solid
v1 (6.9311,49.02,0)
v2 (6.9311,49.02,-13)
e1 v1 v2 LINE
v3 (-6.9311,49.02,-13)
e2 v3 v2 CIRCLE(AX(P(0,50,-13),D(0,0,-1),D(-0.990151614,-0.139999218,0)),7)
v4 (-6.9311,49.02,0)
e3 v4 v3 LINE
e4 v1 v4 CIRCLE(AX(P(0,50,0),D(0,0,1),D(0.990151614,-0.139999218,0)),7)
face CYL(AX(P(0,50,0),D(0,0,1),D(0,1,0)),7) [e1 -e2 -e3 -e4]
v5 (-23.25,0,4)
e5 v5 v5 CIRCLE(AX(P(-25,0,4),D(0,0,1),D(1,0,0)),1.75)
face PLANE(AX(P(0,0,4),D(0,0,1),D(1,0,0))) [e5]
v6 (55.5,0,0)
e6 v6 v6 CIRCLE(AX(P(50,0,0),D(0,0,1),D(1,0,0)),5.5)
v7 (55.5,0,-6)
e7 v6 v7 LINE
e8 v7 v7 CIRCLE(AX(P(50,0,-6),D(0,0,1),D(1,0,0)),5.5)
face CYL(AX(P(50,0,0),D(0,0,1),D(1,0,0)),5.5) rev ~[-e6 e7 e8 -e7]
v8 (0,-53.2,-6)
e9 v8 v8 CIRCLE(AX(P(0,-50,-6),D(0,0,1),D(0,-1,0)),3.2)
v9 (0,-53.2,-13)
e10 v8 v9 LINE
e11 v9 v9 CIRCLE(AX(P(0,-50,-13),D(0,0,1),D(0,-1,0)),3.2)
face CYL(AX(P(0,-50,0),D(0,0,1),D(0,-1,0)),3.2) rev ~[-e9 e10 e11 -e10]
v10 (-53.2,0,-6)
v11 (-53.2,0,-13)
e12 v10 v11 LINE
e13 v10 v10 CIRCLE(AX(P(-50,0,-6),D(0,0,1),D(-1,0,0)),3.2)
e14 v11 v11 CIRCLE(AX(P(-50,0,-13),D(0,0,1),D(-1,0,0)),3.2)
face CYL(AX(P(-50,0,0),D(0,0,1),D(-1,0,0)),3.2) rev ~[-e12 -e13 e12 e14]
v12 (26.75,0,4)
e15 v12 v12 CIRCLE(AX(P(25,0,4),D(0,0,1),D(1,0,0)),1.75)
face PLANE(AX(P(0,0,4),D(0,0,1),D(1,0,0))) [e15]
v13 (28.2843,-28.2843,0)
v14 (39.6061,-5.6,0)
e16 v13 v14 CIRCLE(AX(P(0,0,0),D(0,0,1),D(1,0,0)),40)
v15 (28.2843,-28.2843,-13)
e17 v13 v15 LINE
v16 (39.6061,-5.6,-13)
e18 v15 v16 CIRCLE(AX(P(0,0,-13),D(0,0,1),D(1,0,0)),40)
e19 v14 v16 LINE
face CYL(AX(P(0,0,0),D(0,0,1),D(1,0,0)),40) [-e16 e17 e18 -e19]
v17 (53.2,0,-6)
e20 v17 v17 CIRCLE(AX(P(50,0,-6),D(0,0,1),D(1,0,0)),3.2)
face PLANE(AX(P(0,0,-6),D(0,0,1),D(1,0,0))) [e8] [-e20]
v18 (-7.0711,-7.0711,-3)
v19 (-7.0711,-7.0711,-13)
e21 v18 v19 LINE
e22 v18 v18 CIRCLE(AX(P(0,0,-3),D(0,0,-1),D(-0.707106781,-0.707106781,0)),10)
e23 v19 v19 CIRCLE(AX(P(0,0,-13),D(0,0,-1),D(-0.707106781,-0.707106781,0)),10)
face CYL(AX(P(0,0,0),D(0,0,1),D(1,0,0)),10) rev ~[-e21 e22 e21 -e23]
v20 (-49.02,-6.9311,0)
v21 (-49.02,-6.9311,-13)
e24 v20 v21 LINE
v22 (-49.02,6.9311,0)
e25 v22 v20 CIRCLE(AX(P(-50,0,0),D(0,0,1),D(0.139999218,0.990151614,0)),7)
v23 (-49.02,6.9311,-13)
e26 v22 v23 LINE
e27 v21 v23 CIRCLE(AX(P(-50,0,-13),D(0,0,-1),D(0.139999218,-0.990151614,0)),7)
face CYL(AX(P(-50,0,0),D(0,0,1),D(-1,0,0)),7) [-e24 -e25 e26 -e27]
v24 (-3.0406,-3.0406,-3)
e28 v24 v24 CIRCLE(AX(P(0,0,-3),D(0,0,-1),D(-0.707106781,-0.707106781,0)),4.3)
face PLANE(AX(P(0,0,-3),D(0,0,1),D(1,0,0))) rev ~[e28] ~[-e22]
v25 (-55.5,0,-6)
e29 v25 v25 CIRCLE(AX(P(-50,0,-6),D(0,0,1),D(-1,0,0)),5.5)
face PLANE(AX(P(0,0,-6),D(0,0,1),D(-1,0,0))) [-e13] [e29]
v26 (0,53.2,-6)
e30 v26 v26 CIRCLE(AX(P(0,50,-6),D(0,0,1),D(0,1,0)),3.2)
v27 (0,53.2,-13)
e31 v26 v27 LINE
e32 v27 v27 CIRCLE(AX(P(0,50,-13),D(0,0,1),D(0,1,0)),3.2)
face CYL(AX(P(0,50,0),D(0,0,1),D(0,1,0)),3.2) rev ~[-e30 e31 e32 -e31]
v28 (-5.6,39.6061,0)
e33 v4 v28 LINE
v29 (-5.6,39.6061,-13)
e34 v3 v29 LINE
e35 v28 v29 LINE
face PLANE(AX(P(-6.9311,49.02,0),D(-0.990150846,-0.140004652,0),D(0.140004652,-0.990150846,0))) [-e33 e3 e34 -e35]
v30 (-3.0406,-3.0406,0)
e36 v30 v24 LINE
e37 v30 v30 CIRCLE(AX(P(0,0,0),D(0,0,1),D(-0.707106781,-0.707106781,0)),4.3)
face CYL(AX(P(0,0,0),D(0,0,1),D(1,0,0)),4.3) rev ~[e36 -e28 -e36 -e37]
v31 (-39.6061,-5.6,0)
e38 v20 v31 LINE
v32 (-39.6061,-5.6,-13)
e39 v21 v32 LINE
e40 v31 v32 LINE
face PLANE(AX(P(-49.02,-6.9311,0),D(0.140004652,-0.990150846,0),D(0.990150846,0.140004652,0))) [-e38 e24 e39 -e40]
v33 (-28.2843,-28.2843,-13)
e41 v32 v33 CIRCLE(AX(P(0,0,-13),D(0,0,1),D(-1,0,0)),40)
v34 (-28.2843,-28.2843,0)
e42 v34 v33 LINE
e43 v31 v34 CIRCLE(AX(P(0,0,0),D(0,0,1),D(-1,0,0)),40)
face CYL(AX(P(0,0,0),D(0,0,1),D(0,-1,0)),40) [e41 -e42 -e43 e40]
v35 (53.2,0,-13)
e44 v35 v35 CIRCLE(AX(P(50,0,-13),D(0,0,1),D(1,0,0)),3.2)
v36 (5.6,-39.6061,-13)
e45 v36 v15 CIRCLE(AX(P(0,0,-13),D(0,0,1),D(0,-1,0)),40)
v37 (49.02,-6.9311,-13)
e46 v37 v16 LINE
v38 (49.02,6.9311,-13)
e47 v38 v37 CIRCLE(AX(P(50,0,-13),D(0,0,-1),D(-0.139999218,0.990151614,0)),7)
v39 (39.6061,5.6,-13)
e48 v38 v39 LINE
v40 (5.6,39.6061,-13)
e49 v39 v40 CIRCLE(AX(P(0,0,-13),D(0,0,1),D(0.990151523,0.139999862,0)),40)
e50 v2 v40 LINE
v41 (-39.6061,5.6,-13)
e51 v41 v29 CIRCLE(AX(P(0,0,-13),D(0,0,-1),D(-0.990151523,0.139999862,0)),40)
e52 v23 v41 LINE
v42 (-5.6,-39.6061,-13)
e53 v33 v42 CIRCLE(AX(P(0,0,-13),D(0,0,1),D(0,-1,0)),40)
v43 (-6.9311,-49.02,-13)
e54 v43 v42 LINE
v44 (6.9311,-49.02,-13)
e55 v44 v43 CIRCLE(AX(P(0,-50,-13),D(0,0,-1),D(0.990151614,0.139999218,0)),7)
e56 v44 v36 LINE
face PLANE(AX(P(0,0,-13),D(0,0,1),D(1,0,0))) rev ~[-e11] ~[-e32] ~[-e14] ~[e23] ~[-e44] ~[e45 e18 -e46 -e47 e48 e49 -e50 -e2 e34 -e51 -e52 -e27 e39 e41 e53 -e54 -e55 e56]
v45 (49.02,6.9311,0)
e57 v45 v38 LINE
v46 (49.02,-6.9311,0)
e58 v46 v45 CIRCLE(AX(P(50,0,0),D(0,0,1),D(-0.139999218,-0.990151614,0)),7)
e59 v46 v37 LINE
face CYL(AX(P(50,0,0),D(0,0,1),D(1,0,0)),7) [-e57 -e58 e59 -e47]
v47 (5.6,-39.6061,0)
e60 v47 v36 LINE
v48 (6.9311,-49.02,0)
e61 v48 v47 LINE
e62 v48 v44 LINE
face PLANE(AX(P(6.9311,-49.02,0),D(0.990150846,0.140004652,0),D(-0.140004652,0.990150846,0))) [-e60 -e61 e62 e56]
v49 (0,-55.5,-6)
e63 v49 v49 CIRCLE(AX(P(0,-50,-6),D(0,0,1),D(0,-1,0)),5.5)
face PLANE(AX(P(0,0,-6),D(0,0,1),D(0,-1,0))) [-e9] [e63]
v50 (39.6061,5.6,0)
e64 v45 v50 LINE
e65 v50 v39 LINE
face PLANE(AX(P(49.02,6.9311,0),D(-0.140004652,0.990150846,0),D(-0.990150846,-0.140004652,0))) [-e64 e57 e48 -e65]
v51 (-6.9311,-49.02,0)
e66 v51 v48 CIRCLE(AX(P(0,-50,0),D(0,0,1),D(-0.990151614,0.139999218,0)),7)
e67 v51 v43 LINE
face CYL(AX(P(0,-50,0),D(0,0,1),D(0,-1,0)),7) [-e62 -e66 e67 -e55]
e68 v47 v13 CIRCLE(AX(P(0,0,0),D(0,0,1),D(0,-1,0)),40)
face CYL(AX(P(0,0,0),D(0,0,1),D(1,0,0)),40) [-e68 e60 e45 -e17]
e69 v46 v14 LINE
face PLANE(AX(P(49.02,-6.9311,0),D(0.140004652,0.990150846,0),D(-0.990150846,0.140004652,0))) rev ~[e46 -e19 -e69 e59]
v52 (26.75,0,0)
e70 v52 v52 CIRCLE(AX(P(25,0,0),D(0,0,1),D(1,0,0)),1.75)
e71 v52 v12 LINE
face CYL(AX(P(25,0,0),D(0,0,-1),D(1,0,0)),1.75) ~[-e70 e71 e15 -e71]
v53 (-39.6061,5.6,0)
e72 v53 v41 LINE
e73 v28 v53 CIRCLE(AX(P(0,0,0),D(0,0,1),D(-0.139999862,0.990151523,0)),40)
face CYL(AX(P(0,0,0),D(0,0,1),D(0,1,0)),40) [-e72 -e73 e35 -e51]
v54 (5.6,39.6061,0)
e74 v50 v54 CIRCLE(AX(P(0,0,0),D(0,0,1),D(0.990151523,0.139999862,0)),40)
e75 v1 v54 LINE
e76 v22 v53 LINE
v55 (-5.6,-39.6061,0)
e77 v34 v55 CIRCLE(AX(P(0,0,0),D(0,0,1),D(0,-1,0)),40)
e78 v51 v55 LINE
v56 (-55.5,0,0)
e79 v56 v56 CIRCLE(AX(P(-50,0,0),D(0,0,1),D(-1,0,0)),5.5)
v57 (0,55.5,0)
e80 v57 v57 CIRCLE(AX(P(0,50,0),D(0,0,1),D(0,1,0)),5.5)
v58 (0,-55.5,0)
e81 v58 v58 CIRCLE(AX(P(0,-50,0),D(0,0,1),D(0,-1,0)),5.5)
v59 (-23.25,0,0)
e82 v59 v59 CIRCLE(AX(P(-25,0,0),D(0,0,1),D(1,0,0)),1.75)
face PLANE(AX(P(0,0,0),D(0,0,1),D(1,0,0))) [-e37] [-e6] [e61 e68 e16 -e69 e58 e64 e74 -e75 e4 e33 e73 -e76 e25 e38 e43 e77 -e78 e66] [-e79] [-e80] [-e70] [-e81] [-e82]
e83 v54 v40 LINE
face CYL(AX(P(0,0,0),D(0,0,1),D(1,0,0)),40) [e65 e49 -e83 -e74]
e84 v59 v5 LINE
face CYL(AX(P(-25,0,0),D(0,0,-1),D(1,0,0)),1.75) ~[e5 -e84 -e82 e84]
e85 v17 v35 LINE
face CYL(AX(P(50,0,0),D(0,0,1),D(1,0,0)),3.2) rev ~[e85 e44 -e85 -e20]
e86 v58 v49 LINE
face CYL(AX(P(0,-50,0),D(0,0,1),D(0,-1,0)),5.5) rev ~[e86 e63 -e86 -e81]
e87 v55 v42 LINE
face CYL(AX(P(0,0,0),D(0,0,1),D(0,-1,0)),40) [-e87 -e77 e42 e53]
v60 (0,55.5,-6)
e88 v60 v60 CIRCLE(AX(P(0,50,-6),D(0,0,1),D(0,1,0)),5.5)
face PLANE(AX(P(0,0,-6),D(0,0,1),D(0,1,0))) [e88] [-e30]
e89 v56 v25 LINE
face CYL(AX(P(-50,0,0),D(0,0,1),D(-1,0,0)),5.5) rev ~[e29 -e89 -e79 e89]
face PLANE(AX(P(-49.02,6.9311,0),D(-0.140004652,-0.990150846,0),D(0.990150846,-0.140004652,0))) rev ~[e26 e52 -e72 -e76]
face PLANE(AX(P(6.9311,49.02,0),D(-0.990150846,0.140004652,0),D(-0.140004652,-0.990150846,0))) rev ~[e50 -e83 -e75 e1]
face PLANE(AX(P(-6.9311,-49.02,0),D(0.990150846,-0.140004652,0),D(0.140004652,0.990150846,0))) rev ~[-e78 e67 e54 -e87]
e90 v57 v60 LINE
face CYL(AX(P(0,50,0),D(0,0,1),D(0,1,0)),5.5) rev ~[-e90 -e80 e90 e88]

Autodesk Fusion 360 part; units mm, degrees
sketch "Base" plane through (0, 0, 0) normal (0, 0, 1) x (1, 0, 0)
  circle A0 centre (0, 0) radius 40
  circle A1 centre (0, 0) radius 4.3
  line L0 (0, 0) -> (50, 0) construction
  circle A2 centre (25, 0) radius 1.75
  line L1 (0, 0) -> (0, 40) construction
  circle A3 centre (-25, 0) radius 1.75
  circle A4 centre (50, 0) radius 3.2
  circle A5 centre (0, 0) radius 10
  line L2 (7.0711, -7.0711) -> (28.2843, -28.2843)
  line L3 (7.0711, -7.0711) -> (0, 0) construction
  line L4 (7.0711, 7.0711) -> (3.0406, 3.0406)
  line L5 (7.0711, -7.0711) -> (3.0406, -3.0406)
  line L6 (7.0711, 7.0711) -> (28.2843, 28.2843)
  circle A6 centre (50, 0) radius 7
  line L7 (49.02, 6.9311) -> (39.6061, 5.6)
  line L8 (39.6061, 5.6) -> (0, 0) construction
  line L9 (49.02, -6.9311) -> (39.6061, -5.6)
  circle A7 centre (50, 0) radius 5.5
  dimension "d1" = 80
  dimension "d4" = 8.6
  dimension "d8" = 25
  dimension "d9" = 3.5
  dimension "d13" = 6.4
  dimension "d21" = 20
  dimension "d49" = 14
  dimension "d50" = 45
  dimension "d51" = 50
  dimension "d52" = 11
extrude "Extrude1" add sketch "Base" against normal blind 13 contours A0 A5 L2 L6 | A0 A6 L7 L9 | A6 | A2 | A7 picked at (21.3272, -10.7092) makes body 1
extrude "Extrude6" add sketch "Base" against normal blind 3 contours A1 A5 L4 L5 picked at (8.0592, -0.6222) bodies 1
extrude "Extrude7" cut sketch "Base" against normal blind 6 contours A7 bodies 1
pattern_circular "C-Pattern2" count 4 over 360 about axis through (0, 0, 1.75) along (0, 0, 1) of bodies 1 makes body 2 at (0.1023, 27.8337, 0) makes body 3 at (-27.8337, 0.1023, 0) makes body 4 at (-0.1023, -27.8337, 0)
extrude "Extrude5" add sketch "Base" along normal blind 4 separate body contours A2 | A3 makes body 5 at (26.7478, -0.0872, 2.6667) makes body 6 at (-23.2522, -0.0872, 2.6667)
combine "Combine1" operation add target body 1 tool bodies 6 5 2 3 4
copy_body "Body->Comp1" bodies 1 removing the originals makes body 7 in component "Mirror_Pyramid_Mount"
component "Mirror_Pyramid_Mount" placed x (1, 0, 0) y (0, 1, 0) z (0, 0, 1) at (0, 0, 0)
equation "d51 = ( 2 * 25 ) * 1 mm"
